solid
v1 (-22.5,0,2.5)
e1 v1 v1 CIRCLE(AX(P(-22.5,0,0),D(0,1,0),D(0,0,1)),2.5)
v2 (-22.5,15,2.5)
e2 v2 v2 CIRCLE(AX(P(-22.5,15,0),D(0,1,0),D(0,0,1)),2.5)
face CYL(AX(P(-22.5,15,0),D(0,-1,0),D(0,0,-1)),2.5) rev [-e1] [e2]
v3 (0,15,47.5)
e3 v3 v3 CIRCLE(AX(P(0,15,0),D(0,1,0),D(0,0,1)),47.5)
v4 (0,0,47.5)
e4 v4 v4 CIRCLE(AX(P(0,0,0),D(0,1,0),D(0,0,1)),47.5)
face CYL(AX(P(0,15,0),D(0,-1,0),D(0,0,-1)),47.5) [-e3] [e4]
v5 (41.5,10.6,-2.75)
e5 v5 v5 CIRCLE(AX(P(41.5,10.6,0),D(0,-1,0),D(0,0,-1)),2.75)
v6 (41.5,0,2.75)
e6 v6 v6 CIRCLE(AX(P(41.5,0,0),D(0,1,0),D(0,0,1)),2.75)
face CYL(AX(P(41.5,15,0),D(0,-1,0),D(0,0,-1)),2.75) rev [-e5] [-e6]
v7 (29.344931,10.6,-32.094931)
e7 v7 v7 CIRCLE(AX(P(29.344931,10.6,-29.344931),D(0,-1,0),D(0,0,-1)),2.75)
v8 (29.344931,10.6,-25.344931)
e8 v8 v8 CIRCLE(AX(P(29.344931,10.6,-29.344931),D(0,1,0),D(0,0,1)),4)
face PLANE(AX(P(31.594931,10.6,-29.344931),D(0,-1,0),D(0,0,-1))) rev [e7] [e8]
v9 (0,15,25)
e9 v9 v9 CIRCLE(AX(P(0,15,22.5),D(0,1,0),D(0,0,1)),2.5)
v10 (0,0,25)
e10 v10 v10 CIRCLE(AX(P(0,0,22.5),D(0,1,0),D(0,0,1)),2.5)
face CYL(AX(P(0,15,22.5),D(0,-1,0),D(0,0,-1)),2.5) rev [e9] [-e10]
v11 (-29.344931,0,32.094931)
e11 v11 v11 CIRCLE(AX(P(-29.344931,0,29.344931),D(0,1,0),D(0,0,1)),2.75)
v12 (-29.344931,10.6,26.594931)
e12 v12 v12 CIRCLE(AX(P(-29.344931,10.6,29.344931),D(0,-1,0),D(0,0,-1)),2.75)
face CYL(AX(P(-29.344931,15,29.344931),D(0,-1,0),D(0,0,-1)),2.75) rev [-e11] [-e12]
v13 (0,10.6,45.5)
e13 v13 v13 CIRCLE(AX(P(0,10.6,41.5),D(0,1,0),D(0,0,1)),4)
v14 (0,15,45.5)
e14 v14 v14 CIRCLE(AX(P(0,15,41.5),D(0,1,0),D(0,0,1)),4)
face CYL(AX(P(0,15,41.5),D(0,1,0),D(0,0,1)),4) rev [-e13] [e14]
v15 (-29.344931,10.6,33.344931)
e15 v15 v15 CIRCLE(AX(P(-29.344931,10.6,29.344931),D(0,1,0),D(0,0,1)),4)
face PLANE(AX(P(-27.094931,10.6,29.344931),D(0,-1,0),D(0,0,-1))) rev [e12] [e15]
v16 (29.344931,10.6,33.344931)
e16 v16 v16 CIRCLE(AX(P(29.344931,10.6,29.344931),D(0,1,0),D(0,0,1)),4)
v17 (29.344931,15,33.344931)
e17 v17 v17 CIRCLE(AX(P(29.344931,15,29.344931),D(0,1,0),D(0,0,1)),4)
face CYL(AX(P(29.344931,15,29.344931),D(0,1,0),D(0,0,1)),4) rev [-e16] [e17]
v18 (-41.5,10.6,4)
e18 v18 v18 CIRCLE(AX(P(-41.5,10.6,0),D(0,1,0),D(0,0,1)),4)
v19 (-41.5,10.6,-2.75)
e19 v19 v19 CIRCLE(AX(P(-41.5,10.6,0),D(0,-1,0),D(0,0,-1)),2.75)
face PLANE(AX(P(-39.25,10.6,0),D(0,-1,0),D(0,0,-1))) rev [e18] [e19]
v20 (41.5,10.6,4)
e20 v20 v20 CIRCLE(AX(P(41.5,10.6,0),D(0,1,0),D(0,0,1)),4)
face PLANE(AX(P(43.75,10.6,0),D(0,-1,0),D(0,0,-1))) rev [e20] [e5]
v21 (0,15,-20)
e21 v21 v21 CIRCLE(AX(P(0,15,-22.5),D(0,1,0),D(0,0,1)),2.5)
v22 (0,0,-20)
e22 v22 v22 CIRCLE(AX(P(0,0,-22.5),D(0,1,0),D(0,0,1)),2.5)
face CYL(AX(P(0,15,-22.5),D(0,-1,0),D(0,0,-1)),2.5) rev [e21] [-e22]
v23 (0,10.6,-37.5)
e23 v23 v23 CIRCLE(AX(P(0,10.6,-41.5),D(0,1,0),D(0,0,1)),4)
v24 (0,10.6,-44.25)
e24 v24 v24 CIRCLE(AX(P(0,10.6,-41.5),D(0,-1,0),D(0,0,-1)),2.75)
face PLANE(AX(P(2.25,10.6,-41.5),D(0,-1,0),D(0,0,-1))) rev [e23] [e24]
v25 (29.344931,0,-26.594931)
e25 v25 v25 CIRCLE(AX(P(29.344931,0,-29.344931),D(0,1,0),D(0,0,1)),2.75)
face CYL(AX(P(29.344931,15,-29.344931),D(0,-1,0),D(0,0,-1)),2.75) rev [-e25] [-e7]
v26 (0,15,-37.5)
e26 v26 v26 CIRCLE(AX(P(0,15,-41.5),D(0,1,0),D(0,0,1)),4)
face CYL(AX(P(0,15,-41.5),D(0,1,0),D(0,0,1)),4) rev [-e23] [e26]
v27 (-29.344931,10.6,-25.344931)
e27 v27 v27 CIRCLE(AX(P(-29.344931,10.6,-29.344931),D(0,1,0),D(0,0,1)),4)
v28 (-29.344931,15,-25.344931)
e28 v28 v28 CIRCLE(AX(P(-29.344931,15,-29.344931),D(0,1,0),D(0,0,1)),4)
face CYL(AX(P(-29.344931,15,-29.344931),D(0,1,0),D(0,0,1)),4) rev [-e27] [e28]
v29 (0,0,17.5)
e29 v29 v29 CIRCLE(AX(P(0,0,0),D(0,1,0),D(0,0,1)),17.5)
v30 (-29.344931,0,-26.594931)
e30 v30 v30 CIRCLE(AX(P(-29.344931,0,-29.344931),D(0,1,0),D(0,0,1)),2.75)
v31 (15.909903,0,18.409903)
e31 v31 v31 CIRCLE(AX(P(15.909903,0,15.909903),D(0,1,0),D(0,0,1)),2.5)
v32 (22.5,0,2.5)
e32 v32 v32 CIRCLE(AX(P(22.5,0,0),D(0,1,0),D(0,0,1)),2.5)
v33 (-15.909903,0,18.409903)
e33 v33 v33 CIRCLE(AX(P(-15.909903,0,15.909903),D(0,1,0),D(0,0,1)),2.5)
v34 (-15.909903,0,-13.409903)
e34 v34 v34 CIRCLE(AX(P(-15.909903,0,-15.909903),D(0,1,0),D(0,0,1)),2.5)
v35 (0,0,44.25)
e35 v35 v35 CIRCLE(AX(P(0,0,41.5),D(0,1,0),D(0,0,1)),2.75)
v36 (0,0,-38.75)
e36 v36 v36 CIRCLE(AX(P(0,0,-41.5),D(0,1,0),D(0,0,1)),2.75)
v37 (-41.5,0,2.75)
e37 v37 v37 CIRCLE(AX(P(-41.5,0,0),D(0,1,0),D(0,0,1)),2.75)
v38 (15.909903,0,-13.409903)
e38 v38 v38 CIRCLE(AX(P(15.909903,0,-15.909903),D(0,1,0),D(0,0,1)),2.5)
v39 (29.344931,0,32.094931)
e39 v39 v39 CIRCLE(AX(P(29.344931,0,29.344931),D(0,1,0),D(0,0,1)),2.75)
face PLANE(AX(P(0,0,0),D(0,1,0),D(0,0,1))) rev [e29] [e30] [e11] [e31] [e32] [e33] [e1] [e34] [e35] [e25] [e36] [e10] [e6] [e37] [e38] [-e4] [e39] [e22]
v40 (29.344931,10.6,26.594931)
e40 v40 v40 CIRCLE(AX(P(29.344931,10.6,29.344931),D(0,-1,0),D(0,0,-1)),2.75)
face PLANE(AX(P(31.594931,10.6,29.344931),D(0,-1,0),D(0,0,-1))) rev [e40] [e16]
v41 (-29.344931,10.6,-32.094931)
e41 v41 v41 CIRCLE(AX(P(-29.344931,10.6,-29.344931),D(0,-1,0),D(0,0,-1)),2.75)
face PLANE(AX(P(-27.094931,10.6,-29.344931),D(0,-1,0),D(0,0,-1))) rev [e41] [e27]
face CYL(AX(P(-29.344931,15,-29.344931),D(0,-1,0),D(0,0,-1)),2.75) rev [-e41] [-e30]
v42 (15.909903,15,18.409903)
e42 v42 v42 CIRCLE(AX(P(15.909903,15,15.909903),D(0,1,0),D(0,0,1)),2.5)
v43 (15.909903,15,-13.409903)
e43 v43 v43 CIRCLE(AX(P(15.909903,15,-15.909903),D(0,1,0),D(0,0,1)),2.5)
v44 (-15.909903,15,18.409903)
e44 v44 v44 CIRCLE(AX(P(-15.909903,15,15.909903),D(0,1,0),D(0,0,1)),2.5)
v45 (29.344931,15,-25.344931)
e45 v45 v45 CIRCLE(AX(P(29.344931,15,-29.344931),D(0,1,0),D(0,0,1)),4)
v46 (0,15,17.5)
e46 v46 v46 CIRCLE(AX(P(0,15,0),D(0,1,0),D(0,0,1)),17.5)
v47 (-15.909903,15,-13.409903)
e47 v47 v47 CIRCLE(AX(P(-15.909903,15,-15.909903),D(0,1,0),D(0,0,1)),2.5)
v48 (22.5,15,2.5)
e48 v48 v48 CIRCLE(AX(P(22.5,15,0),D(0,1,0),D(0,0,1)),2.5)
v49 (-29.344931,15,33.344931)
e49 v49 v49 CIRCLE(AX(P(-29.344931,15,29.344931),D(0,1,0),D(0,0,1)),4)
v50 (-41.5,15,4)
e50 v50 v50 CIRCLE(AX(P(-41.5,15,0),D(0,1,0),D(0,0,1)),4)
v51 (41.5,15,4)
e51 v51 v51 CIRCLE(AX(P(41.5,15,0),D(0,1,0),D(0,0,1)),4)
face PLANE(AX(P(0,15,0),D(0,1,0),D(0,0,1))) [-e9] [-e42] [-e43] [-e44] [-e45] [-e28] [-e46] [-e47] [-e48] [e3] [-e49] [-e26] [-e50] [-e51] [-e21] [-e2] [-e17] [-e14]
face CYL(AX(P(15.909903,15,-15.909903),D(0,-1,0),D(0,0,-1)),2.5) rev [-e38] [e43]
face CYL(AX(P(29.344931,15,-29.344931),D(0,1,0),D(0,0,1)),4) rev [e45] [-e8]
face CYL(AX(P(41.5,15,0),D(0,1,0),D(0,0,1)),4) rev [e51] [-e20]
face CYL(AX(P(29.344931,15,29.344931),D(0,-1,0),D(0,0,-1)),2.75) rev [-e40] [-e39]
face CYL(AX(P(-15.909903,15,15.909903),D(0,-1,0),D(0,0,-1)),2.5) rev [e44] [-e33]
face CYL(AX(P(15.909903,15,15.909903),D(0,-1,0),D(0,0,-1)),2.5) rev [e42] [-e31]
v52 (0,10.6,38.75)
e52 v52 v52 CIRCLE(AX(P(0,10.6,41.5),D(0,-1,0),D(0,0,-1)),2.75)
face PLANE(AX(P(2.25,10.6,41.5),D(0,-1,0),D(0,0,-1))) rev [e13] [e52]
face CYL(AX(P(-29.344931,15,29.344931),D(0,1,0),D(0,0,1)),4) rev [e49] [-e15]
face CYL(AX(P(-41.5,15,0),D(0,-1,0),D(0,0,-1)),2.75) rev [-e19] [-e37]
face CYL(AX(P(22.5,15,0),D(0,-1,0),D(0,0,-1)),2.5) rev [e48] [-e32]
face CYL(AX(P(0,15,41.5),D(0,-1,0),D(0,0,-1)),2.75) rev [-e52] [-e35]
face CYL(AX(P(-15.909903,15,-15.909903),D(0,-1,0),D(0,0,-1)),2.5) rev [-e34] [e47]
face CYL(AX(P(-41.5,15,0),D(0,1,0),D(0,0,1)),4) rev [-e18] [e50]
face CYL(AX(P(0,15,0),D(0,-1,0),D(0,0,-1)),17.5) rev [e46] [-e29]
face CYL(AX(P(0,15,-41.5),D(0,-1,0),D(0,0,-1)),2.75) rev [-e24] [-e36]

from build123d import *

# Parameters (mm, degrees)
SKETCH1_R                               = 47.5
SKETCH1_R_2                             = 17.5
SKETCH1_R_3                             = 2.75
SKETCH1_R_4                             = 2.5
BOSS_EXTRUDE1_DEPTH                     = 15
CBORE_FOR_M5_HEX_HEAD_BOLT4_D           = 4.5
CBORE_FOR_M5_HEX_HEAD_BOLT4_CBORE_D     = 8
CBORE_FOR_M5_HEX_HEAD_BOLT4_CBORE_DEPTH = 4.4


with BuildPart() as part:
    # Sketch1 → Boss-Extrude1 (new body)
    with BuildSketch(Plane(origin=(0, 0, 0), x_dir=(1, 0, 0), z_dir=(0, 1, 0))):
        with Locations(Location((0, 0, 0), (0, 0, 270))):
            Circle(SKETCH1_R)
        with Locations(Location((0, 0, 0), (0, 0, 270))):
            Circle(SKETCH1_R_2, mode=Mode.SUBTRACT)
        with Locations(Location((0, 41.5, 0), (0, 0, 270))):
            Circle(SKETCH1_R_3, mode=Mode.SUBTRACT)
        with Locations(Location((29.344931419, 29.344931419, 0), (0, 0, 270))):
            Circle(SKETCH1_R_3, mode=Mode.SUBTRACT)
        with Locations(Location((41.5, 0, 0), (0, 0, 270))):
            Circle(SKETCH1_R_3, mode=Mode.SUBTRACT)
        with Locations(Location((29.344931419, -29.344931419, 0), (0, 0, 270))):
            Circle(SKETCH1_R_3, mode=Mode.SUBTRACT)
        with Locations(Location((0, -41.5, 0), (0, 0, 270))):
            Circle(SKETCH1_R_3, mode=Mode.SUBTRACT)
        with Locations(Location((-29.344931419, -29.344931419, 0), (0, 0, 270))):
            Circle(SKETCH1_R_3, mode=Mode.SUBTRACT)
        with Locations(Location((-41.5, 0, 0), (0, 0, 270))):
            Circle(SKETCH1_R_3, mode=Mode.SUBTRACT)
        with Locations(Location((-29.344931419, 29.344931419, 0), (0, 0, 270))):
            Circle(SKETCH1_R_3, mode=Mode.SUBTRACT)
        with Locations(Location((0, 22.5, 0), (0, 0, 270))):
            Circle(SKETCH1_R_4, mode=Mode.SUBTRACT)
        with Locations(Location((15.909902577, 15.909902577, 0), (0, 0, 270))):
            Circle(SKETCH1_R_4, mode=Mode.SUBTRACT)
        with Locations(Location((22.5, 0, 0), (0, 0, 270))):
            Circle(SKETCH1_R_4, mode=Mode.SUBTRACT)
        with Locations(Location((15.909902577, -15.909902577, 0), (0, 0, 270))):
            Circle(SKETCH1_R_4, mode=Mode.SUBTRACT)
        with Locations(Location((0, -22.5, 0), (0, 0, 270))):
            Circle(SKETCH1_R_4, mode=Mode.SUBTRACT)
        with Locations(Location((-15.909902577, -15.909902577, 0), (0, 0, 270))):
            Circle(SKETCH1_R_4, mode=Mode.SUBTRACT)
        with Locations(Location((-22.5, 0, 0), (0, 0, 270))):
            Circle(SKETCH1_R_4, mode=Mode.SUBTRACT)
        with Locations(Location((-15.909902577, 15.909902577, 0), (0, 0, 270))):
            Circle(SKETCH1_R_4, mode=Mode.SUBTRACT)
    extrude(amount=BOSS_EXTRUDE1_DEPTH)

    # CBORE for M5 Hex Head Bolt4 (through all)
    with Locations(Plane(origin=(0, 15, -41.5), x_dir=(0, 0, 1), z_dir=(0, 1, 0))):
        with Locations((0, 0), (12.155068581, 29.344931419), (41.5, 41.5), (70.844931419, 29.344931419), (83, 0), (70.844931419, -29.344931419), (41.5, -41.5), (12.155068581, -29.344931419)):
            CounterBoreHole(CBORE_FOR_M5_HEX_HEAD_BOLT4_D / 2, CBORE_FOR_M5_HEX_HEAD_BOLT4_CBORE_D / 2, CBORE_FOR_M5_HEX_HEAD_BOLT4_CBORE_DEPTH)


solid = part.part
